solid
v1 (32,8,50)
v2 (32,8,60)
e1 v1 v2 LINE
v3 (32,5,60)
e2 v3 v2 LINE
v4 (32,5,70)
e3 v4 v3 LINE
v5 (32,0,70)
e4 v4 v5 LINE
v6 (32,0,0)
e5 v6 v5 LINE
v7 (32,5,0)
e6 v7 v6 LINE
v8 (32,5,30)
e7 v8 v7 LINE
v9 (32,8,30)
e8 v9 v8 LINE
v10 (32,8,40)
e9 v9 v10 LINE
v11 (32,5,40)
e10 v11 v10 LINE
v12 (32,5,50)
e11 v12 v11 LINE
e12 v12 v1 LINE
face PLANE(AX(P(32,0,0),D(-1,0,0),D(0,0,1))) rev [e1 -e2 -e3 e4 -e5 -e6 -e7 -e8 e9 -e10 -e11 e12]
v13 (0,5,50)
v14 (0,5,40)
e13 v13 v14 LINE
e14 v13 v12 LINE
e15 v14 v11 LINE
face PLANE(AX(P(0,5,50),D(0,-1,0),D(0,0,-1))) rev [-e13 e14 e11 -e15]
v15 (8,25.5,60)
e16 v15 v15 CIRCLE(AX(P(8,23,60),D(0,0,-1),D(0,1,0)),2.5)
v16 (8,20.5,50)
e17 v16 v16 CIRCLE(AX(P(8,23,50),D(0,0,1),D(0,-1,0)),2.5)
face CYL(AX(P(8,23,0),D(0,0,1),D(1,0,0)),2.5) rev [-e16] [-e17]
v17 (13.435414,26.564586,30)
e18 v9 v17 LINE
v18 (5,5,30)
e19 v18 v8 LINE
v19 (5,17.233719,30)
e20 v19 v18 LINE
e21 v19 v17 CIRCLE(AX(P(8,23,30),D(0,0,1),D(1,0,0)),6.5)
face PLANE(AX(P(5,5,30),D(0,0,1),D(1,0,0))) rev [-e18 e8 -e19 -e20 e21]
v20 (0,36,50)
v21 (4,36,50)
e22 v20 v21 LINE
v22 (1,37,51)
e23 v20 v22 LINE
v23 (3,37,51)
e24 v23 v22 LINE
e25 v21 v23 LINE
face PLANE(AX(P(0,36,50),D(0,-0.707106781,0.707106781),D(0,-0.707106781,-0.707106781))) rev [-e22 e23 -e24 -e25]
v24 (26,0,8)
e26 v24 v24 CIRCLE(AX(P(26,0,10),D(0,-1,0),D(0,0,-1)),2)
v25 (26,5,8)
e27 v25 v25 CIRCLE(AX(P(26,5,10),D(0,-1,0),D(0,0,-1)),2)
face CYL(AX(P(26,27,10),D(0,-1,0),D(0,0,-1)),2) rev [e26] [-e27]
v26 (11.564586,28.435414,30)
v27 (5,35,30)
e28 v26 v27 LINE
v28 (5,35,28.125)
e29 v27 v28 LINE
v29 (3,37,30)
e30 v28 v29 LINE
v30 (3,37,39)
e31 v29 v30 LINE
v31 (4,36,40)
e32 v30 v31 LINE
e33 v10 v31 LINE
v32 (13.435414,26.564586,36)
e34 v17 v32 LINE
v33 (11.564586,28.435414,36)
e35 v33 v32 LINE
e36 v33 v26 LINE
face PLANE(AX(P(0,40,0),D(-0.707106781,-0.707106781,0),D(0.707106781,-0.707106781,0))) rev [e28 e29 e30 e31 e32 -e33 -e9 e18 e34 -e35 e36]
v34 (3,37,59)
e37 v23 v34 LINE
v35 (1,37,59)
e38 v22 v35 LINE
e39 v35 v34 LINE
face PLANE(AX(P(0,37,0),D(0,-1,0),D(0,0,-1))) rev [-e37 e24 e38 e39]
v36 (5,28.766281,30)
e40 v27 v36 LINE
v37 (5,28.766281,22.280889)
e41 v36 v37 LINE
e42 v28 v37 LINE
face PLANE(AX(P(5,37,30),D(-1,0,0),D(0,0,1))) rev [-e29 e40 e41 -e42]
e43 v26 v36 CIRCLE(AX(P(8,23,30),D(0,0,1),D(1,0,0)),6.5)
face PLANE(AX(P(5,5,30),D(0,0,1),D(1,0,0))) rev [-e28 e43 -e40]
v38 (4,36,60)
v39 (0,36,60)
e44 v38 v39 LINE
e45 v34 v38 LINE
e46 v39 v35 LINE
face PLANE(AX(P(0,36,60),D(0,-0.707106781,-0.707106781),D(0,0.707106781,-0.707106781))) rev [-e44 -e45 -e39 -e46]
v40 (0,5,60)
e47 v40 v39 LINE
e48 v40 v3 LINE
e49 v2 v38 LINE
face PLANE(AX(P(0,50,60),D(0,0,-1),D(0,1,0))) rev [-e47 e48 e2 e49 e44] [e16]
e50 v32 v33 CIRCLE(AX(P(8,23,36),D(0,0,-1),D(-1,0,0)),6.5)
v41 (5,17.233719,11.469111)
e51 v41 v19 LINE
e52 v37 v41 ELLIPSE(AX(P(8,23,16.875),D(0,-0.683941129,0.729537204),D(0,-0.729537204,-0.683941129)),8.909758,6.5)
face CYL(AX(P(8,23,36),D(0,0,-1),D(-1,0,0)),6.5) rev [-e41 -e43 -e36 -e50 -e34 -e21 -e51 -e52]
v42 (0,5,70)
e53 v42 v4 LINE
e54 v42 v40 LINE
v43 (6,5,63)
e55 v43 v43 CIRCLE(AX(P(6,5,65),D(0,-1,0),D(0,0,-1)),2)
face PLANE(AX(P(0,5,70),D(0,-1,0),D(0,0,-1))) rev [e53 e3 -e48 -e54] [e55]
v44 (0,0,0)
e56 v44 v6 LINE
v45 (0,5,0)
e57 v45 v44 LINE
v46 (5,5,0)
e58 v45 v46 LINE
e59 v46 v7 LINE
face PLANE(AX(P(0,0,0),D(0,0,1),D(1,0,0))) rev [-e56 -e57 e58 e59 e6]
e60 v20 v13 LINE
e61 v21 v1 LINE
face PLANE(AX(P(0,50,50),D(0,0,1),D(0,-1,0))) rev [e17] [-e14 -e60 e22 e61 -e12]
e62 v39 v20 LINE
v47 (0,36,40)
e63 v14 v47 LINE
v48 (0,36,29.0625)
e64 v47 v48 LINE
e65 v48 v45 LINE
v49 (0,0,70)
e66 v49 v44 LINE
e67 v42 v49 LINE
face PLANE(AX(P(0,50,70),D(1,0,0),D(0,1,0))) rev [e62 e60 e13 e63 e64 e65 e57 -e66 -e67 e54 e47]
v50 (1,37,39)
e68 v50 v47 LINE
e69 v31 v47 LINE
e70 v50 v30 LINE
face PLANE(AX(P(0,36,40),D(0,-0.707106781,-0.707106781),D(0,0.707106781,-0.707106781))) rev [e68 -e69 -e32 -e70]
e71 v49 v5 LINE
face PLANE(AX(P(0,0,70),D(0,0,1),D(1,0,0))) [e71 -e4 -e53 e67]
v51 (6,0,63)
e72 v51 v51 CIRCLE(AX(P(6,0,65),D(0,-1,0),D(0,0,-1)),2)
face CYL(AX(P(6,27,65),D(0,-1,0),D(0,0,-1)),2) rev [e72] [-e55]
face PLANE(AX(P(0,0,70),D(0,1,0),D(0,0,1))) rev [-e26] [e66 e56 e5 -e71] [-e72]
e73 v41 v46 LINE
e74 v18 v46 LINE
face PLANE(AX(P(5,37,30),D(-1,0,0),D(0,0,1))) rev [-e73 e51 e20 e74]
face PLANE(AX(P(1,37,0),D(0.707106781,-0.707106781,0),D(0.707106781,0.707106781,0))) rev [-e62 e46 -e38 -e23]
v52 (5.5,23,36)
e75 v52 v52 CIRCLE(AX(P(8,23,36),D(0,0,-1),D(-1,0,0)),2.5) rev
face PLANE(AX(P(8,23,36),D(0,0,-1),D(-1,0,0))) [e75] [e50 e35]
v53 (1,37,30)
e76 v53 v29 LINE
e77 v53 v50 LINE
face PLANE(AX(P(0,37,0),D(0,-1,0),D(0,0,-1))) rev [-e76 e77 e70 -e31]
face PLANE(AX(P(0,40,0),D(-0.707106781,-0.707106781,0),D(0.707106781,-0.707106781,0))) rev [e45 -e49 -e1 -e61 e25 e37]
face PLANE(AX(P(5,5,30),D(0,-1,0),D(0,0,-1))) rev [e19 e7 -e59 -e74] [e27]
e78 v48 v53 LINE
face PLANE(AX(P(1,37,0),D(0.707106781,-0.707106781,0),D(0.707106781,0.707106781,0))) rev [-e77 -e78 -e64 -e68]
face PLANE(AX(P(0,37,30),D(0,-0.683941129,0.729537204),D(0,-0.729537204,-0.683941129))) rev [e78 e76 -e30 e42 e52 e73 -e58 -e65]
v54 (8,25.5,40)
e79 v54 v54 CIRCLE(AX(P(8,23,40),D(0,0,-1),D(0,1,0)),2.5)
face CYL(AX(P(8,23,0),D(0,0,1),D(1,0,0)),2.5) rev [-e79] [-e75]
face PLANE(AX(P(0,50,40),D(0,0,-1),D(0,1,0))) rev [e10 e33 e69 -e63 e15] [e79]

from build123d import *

# Parameters (mm, degrees)
EXTRUDE_1_DEPTH           = 70
CUT_EXTRUDE_1_DEPTH       = 100.498743711
SKETCH_3_W                = 10
SKETCH_3_H                = 45
CUT_EXTRUDE_2_DEPTH       = 92.782351245
CUT_EXTRUDE_5_DEPTH       = 92.782351245
CUT_EXTRUDE_6_DEPTH       = 87.740993769
SKETCH_8_W                = 30
SKETCH_8_H                = 32
CUT_EXTRUDE_7_DEPTH       = 27
CUT_EXTRUDE_8_DEPTH       = 84.654049513
SKETCH_10_R               = 2
CUT_EXTRUDE_9_DEPTH       = 27
SKETCH_15_R               = 2.5
CUT_EXTRUDE_11_DEPTH      = 86.399063227
CUT_EXTRUDE_12_DEPTH      = 26
CUT_EXTRUDE_12_DEPTH_BACK = 6
SKETCH_16_R               = 6.5
CHAMFER_1_SIZE            = 1


with BuildPart() as part:
    # 草图1 → 拉伸1 (new body)
    with BuildSketch(Plane.XY):
        Polygon((0, 0), (50, 0), (0, 50), align=None)
    extrude(amount=EXTRUDE_1_DEPTH)

    # 草图2 → 切除-拉伸1 (cut, through all)
    with BuildSketch(Plane.XY.offset(70)):
        Polygon((50, 0), (32, 0), (32, 18), align=None)
    extrude(amount=-CUT_EXTRUDE_1_DEPTH, mode=Mode.SUBTRACT)

    # 草图3 → 切除-拉伸2 (cut, through all)
    with BuildSketch(Plane(origin=(32, 0, 0), x_dir=(0, 0, -1), z_dir=(1, 0, 0))):
        with Locations((-65, 27.5)):
            Rectangle(SKETCH_3_W, SKETCH_3_H)
        with Locations((-45, 27.5)):
            Rectangle(SKETCH_3_W, SKETCH_3_H)
    extrude(amount=-CUT_EXTRUDE_2_DEPTH, mode=Mode.SUBTRACT)

    # 草图6 → 切除-拉伸5 (cut, through all)
    with BuildSketch(Plane.XY.offset(70)):
        Polygon((0, 50), (0, 40), (32, 8), (32, 18), align=None)
    extrude(amount=-CUT_EXTRUDE_5_DEPTH, mode=Mode.SUBTRACT)

    # 草图7 → 切除-拉伸6 (cut, through all)
    with BuildSketch(Plane.XY.offset(70)):
        Polygon((0, 40), (0, 37), (3, 37), align=None)
    extrude(amount=-CUT_EXTRUDE_6_DEPTH, mode=Mode.SUBTRACT)

    # 草图8 → 切除-拉伸7 (cut)
    with BuildSketch(Plane(origin=(32, 0, 0), x_dir=(0, 0, -1), z_dir=(1, 0, 0))):
        with Locations((-15, 21)):
            Rectangle(SKETCH_8_W, SKETCH_8_H)
    extrude(amount=-CUT_EXTRUDE_7_DEPTH, mode=Mode.SUBTRACT)

    # 草图9 → 切除-拉伸8 (cut, through all)
    with BuildSketch(Plane(origin=(5, 0, 0), x_dir=(0, 0, -1), z_dir=(1, 0, 0))):
        Polygon((0, 5), (0, 37), (-30, 37), align=None)
    extrude(amount=-CUT_EXTRUDE_8_DEPTH, mode=Mode.SUBTRACT)

    # 草图10 → 切除-拉伸9 (cut)
    with BuildSketch(Plane.XZ):
        with Locations(Location((6, 65, 0), (0, 0, 270))):
            Circle(SKETCH_10_R)
        with Locations(Location((26, 10, 0), (0, 0, 270))):
            Circle(SKETCH_10_R)
    extrude(amount=-CUT_EXTRUDE_9_DEPTH, mode=Mode.SUBTRACT)

    # 草图15 → 切除-拉伸11 (cut, through all)
    with BuildSketch(Plane.XY.offset(70)):
        with Locations((8, 23)):
            Circle(SKETCH_15_R)
    extrude(amount=-CUT_EXTRUDE_11_DEPTH, mode=Mode.SUBTRACT)

    # 草图16 → 切除-拉伸12 (cut, two sides: drawn at the far end of the back side and taken through both)
    with BuildSketch(Plane(origin=(0, 0, 30), x_dir=(-1, 0, 0), z_dir=(0, 0, -1)).offset(-CUT_EXTRUDE_12_DEPTH_BACK)):
        with Locations((-8, 23)):
            Circle(SKETCH_16_R)
    extrude(amount=CUT_EXTRUDE_12_DEPTH + CUT_EXTRUDE_12_DEPTH_BACK, mode=Mode.SUBTRACT)

    # 倒角1
    chamfer_1_edges = [part.edges().sort_by_distance(p)[0] for p in [
        (0, 37, 35),
        (1.5, 37, 60),
        (1.5, 37, 50),
        (1.5, 37, 40),
        (0, 37, 55),
    ]]
    chamfer(chamfer_1_edges, length=CHAMFER_1_SIZE)


solid = part.part
